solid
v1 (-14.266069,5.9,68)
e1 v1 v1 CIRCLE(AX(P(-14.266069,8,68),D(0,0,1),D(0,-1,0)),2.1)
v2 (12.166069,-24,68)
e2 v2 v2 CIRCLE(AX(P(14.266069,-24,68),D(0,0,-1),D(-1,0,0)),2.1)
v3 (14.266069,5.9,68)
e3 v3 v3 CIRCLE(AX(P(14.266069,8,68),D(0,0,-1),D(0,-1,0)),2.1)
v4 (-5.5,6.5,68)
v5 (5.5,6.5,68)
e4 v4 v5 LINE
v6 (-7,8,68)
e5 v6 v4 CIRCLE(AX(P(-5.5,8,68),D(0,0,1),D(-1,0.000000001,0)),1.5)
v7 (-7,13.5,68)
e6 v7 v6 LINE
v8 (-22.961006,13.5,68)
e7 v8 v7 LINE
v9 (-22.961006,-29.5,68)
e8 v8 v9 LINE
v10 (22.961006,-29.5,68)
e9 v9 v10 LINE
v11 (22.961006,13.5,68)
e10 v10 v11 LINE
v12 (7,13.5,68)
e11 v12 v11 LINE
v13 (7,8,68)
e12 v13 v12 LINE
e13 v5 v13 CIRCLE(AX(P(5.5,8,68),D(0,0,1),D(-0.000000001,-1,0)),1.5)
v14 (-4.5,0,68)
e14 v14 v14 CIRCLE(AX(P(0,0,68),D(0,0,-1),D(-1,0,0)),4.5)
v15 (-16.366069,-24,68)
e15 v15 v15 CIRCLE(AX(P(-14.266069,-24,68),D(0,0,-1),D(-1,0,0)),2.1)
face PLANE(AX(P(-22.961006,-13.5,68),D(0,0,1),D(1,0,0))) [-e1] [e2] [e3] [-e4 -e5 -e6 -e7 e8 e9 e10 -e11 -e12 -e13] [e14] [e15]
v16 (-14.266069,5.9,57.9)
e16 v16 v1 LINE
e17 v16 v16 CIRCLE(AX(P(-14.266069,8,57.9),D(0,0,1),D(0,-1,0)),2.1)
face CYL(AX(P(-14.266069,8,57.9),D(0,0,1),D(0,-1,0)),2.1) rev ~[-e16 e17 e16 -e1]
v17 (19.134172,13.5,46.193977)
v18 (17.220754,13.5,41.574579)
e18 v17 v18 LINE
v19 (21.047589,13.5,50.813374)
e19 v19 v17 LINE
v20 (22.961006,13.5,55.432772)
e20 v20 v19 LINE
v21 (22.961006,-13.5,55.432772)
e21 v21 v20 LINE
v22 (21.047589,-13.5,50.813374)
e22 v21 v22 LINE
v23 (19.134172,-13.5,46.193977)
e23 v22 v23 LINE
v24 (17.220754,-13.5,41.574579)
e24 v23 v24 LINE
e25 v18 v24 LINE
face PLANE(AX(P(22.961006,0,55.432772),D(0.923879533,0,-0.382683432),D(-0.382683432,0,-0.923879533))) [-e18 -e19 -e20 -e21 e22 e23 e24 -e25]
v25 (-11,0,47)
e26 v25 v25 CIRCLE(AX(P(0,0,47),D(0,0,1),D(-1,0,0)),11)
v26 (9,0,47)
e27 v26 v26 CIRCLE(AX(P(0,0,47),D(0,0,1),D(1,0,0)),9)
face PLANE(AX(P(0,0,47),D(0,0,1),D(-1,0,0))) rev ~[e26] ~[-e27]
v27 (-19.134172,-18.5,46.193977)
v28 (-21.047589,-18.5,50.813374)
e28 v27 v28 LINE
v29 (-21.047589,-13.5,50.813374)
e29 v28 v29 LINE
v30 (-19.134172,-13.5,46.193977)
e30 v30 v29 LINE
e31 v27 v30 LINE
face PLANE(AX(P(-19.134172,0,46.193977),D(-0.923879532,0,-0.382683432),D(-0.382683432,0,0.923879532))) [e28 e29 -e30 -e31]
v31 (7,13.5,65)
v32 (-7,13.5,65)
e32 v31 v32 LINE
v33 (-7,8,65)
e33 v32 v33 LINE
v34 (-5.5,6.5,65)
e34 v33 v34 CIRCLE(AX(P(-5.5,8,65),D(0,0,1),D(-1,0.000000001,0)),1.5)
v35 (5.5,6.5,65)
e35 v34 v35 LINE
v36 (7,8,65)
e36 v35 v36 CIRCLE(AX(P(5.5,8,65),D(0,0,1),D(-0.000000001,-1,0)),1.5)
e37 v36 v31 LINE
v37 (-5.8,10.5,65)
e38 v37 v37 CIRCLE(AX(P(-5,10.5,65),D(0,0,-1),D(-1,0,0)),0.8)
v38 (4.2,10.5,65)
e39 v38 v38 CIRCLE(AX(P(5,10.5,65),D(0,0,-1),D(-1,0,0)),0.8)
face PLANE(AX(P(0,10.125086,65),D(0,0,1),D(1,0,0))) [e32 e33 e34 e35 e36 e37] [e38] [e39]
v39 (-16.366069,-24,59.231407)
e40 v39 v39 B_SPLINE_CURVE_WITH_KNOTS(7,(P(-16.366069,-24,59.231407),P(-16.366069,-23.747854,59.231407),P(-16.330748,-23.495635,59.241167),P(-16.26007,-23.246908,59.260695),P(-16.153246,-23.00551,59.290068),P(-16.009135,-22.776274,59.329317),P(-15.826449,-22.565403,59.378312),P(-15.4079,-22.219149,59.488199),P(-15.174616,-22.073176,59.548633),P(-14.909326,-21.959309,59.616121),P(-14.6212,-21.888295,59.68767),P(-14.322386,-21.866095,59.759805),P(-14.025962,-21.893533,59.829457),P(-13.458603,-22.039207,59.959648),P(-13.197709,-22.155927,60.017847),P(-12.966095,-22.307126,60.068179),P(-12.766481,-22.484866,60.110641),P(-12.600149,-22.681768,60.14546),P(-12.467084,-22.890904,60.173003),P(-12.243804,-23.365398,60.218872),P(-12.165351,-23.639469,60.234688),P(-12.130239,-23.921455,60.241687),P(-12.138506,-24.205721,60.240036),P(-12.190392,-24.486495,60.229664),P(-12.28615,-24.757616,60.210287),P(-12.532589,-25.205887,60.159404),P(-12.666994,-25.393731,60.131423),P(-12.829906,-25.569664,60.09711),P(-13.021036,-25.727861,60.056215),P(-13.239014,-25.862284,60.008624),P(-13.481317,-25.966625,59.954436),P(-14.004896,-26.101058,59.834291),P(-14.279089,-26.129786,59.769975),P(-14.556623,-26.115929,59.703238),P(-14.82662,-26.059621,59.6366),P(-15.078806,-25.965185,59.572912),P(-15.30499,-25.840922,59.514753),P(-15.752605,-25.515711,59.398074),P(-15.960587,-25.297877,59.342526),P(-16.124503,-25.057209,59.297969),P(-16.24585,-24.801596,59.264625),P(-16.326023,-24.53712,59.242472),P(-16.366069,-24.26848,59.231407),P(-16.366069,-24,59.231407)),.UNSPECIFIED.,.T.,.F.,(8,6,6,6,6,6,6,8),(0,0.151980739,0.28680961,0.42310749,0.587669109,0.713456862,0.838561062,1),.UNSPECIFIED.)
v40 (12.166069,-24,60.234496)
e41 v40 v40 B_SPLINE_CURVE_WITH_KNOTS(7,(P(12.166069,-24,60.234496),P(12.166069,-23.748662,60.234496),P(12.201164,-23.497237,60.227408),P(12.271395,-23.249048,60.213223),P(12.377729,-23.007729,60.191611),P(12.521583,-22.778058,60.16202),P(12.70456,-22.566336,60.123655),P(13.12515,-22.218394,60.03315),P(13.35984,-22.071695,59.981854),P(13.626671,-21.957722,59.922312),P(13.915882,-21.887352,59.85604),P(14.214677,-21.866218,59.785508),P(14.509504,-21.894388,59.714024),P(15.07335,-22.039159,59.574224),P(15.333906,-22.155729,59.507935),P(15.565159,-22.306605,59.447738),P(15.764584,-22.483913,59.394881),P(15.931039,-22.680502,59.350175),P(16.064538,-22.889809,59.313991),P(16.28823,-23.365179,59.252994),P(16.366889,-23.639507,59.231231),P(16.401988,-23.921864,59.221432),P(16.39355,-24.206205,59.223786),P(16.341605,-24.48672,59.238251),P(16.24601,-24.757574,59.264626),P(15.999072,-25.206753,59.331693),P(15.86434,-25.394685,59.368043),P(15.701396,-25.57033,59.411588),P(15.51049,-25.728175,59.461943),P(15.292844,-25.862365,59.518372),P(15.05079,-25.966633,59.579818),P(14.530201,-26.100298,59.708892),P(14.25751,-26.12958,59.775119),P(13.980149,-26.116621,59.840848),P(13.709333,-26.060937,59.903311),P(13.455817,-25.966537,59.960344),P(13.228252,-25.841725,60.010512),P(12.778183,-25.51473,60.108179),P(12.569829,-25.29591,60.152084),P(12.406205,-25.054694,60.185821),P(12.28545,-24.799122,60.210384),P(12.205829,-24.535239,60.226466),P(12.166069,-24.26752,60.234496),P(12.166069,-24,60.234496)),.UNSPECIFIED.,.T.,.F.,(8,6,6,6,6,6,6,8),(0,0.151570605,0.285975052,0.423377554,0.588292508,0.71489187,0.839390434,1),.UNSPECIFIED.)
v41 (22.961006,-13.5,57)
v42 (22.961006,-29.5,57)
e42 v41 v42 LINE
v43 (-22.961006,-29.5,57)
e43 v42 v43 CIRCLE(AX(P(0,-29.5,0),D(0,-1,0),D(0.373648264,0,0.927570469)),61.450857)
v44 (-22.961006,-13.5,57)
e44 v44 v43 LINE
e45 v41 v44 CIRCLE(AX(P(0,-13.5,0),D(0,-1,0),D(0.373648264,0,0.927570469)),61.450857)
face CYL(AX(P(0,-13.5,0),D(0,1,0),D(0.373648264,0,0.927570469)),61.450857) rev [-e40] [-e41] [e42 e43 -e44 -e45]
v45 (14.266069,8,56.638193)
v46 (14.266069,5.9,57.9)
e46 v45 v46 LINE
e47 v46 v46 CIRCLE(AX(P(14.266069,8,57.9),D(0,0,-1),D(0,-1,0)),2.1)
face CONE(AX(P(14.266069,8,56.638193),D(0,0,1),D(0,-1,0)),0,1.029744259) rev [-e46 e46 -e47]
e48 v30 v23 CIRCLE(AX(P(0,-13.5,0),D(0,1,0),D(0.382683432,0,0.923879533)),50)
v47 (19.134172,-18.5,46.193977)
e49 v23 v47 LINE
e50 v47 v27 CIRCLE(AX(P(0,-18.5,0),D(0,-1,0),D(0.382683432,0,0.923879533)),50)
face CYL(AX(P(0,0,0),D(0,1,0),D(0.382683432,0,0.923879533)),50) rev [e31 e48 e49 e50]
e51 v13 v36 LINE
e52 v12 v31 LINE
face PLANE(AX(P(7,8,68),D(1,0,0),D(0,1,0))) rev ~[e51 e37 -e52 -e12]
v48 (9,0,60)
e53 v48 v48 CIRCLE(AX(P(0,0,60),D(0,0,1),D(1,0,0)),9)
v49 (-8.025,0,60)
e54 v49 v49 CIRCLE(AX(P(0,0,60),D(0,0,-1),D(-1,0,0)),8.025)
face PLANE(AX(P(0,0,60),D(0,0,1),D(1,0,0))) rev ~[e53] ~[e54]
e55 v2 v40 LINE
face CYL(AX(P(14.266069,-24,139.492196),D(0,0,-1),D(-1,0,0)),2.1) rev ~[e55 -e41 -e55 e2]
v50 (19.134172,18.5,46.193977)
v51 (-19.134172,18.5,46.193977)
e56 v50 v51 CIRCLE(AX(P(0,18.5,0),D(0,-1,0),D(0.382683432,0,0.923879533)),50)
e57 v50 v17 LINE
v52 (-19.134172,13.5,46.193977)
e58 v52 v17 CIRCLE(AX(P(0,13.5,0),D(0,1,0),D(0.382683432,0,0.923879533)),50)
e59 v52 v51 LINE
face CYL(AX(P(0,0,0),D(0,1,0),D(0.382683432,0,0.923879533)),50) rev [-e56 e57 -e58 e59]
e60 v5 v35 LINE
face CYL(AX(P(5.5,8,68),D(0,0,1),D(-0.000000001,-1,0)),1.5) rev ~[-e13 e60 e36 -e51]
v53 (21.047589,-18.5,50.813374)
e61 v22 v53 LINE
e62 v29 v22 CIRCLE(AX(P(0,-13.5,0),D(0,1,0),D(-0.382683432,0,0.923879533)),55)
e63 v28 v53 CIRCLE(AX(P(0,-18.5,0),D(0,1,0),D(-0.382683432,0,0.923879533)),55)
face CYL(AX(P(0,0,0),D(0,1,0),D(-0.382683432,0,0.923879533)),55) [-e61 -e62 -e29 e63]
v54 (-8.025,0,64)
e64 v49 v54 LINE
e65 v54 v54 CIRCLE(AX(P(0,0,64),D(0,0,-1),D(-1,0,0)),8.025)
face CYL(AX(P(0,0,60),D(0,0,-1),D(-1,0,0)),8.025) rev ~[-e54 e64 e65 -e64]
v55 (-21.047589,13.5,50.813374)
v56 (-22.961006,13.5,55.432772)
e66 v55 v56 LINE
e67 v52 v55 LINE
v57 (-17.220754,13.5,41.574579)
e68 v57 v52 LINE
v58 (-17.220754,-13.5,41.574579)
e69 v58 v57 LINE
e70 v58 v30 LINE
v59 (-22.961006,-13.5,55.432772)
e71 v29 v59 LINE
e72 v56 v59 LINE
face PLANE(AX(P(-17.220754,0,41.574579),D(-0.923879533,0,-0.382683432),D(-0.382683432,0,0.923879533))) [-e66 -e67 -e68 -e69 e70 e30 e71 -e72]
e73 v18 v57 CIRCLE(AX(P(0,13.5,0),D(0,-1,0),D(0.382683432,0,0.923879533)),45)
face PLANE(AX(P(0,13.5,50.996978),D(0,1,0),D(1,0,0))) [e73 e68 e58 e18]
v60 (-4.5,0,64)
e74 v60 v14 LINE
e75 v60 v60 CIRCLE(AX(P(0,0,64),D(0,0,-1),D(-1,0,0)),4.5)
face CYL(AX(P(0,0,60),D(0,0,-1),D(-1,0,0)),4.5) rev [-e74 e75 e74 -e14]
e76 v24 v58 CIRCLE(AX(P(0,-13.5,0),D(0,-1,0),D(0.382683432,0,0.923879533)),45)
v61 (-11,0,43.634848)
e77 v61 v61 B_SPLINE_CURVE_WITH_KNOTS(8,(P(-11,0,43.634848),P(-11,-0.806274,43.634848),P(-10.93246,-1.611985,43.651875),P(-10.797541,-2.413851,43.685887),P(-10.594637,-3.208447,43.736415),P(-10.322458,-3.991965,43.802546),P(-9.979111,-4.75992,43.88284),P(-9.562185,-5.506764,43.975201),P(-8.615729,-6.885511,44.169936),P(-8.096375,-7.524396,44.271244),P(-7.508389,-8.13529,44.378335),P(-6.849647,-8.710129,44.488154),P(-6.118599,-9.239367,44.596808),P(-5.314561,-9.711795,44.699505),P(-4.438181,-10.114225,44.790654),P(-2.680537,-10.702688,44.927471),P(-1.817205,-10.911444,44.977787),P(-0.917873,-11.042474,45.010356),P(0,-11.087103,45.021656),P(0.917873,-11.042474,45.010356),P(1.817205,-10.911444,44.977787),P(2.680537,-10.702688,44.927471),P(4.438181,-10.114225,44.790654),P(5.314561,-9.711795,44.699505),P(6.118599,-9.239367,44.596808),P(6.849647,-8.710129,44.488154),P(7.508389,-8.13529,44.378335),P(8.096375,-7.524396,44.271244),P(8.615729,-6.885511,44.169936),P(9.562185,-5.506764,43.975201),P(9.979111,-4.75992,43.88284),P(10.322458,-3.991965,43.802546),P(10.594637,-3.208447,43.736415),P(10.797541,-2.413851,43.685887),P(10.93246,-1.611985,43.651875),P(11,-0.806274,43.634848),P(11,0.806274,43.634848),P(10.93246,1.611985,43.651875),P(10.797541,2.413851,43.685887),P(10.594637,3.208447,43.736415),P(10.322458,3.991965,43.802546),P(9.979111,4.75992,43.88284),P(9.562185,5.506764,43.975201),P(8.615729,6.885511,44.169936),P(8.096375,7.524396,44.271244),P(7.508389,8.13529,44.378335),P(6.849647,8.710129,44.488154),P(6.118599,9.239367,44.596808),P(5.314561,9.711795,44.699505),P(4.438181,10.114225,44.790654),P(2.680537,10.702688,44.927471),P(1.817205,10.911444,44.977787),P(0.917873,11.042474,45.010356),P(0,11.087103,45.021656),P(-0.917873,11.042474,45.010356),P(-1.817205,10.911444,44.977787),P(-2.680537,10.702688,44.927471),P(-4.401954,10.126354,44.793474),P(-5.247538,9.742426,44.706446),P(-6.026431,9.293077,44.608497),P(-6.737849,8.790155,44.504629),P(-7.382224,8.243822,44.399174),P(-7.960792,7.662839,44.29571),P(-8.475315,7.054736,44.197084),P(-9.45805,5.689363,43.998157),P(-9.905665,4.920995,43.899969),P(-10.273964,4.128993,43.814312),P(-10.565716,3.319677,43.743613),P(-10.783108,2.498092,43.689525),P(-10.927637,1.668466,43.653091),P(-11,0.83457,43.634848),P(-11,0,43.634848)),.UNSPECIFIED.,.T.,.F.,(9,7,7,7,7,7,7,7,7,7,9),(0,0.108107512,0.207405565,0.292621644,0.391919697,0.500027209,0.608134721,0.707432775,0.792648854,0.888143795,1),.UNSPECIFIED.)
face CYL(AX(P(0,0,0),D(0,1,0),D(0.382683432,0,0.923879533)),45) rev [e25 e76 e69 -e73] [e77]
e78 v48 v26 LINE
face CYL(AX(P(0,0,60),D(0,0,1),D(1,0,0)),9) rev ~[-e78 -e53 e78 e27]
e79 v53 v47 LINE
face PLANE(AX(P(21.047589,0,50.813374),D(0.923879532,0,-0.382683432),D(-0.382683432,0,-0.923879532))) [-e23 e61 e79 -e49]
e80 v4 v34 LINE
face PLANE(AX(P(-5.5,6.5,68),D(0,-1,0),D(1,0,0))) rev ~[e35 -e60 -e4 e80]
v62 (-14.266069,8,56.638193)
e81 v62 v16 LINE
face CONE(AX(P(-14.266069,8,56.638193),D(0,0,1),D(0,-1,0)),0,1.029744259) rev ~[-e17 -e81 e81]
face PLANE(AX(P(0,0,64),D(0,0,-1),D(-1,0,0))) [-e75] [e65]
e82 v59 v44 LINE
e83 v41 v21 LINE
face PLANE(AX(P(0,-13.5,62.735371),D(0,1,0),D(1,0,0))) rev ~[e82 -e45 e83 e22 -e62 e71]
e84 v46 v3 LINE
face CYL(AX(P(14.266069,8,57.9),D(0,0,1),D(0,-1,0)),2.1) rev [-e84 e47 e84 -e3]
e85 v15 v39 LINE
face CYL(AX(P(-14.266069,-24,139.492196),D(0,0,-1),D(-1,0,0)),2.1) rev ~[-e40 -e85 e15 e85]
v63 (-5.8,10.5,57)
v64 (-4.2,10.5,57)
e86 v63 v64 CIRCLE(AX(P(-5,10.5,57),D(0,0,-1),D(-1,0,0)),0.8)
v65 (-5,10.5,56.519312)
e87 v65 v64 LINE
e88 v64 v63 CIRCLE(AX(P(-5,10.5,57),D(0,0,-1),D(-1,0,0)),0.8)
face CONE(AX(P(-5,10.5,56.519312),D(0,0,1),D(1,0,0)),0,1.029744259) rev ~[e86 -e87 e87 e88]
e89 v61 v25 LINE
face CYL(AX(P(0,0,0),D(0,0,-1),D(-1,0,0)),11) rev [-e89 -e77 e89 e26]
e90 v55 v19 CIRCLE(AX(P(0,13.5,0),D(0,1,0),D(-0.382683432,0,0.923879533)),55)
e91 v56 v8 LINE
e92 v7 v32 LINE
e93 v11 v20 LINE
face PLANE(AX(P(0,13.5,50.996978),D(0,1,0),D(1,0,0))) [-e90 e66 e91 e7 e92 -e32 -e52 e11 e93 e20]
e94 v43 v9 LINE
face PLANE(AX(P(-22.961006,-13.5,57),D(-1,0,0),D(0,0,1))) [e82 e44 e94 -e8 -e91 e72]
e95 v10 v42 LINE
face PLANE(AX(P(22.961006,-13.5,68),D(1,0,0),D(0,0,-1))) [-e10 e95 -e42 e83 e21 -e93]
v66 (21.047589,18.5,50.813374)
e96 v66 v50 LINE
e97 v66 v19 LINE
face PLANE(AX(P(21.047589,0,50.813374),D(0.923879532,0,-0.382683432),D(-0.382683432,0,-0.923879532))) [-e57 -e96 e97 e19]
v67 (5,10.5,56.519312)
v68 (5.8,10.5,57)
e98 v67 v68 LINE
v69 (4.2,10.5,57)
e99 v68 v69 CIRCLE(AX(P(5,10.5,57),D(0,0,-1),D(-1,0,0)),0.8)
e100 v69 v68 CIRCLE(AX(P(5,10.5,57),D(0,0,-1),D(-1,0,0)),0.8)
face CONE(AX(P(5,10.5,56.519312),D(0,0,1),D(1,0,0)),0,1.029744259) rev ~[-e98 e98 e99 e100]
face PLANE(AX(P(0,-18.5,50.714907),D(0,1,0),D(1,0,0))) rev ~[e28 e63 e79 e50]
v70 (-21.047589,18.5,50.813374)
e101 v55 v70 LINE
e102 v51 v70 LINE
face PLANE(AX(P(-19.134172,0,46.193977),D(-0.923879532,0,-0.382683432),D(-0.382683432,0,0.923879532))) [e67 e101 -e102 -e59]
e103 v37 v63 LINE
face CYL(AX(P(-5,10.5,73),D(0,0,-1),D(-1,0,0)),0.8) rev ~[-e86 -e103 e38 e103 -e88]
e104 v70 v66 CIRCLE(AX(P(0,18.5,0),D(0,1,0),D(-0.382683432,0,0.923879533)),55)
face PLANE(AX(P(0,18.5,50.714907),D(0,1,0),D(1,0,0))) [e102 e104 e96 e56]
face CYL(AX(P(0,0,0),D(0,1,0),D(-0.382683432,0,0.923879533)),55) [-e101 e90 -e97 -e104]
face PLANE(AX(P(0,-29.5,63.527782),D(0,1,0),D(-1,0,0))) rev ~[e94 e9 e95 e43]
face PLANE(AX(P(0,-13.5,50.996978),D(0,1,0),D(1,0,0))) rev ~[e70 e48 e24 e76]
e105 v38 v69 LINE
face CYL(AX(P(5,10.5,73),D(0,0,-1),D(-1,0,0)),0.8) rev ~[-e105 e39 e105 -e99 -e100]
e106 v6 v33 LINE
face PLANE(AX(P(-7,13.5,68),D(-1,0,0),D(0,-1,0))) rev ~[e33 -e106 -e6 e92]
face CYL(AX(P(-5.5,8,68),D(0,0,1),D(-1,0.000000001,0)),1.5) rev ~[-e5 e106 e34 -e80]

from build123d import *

# Parameters (mm, degrees)
BOSS_EXTRUDE1_DEPTH      = 13.5
BOSS_EXTRUDE2_DEPTH      = 18.5
BOSS_EXTRUDE3_DEPTH      = 5
SKETCH4_W                = 45.922011884
SKETCH4_H                = 20
BOSS_EXTRUDE4_DEPTH      = 13.5
SKETCH2_R                = 4
CUT_EXTRUDE1_DEPTH       = 268.629329099
SKETCH5_R                = 8
CUT_EXTRUDE2_DEPTH       = 4
SKETCH6_R                = 9
CUT_EXTRUDE3_DEPTH       = 12
SKETCH7_R                = 12.5
CUT_EXTRUDE4_DEPTH       = 5
BOSS_EXTRUDE5_DEPTH      = 13.5
CUT_EXTRUDE5_REACH       = 210.1
CUT_EXTRUDE5_END_RADIUS  = 45
SKETCH8_R                = 9
CUT_EXTRUDE6_REACH       = 210.1
SKETCH10_R               = 4.5
SKETCH18_R               = 11
CUT_EXTRUDE9_DEPTH       = 47
CUT_EXTRUDE10_DEPTH      = 268.629329099
CUT_EXTRUDE10_DEPTH_BACK = 268.629329099
SKETCH19_W               = 45.922011884
SKETCH19_H               = 198
SKETCH30_R               = 8.025
CUT_EXTRUDE13_DEPTH      = 4
BOSS_EXTRUDE9_DEPTH      = 16
M5_TAPPED_HOLE2_D        = 4.2
CUT_EXTRUDE17_DEPTH      = 3
M2_TAPPED_HOLE1_D        = 1.6
M2_TAPPED_HOLE1_DEPTH    = 8
M2_TAPPED_HOLE1_TIP      = 0.480688495


with BuildPart() as part:
    # Sketch1 → Boss-Extrude1 (new, symmetric)
    with BuildSketch(Plane(origin=(0, 0, 0), x_dir=(1, 0, 0), z_dir=(0, 1, 0))):
        with BuildLine():
            ThreePointArc((17.220754456, -41.574578963), (0, -45), (-17.220754456, -41.574578963))
            Line((-17.220754456, -41.574578963), (-22.961005942, -55.432771951))
            ThreePointArc((-22.961005942, -55.432771951), (0, -60), (22.961005942, -55.432771951))
            Line((22.961005942, -55.432771951), (17.220754456, -41.574578963))
        make_face()
    extrude(amount=BOSS_EXTRUDE1_DEPTH, both=True)

    # Sketch1_3 → Boss-Extrude2 (add, symmetric)
    with BuildSketch(Plane(origin=(0, 0, 0), x_dir=(1, 0, 0), z_dir=(0, 1, 0))):
        with BuildLine():
            ThreePointArc((19.134171618, -46.193976626), (0, -50), (-19.134171618, -46.193976626))
            Line((-19.134171618, -46.193976626), (-21.04758878, -50.813374288))
            ThreePointArc((-21.04758878, -50.813374288), (0, -55), (21.04758878, -50.813374288))
            Line((21.04758878, -50.813374288), (19.134171618, -46.193976626))
        make_face()
    extrude(amount=BOSS_EXTRUDE2_DEPTH, both=True)

    # Sketch3 → Boss-Extrude3 (add, symmetric)
    with BuildSketch(Plane.XZ):
        with BuildLine():
            Line((-22.961005942, 266), (-22.961005942, 55.432771951))
            ThreePointArc((-22.961005942, 55.432771951), (-20.481139434, 56.39612511), (-17.961005942, 57.248600555))
            Line((-17.961005942, 57.248600555), (-17.961005942, 246))
            Line((-17.961005942, 246), (17.961005942, 246))
            Line((17.961005942, 246), (17.961005942, 57.248600555))
            ThreePointArc((17.961005942, 57.248600555), (20.481139434, 56.39612511), (22.961005942, 55.432771951))
            Line((22.961005942, 55.432771951), (22.961005942, 266))
            Line((22.961005942, 266), (-22.961005942, 266))
        make_face()
    extrude(amount=BOSS_EXTRUDE3_DEPTH, both=True)

    # Sketch4 → Boss-Extrude4 (add, symmetric)
    with BuildSketch(Plane(origin=(0, 0, 0), x_dir=(1, 0, 0), z_dir=(0, 1, 0))):
        with Locations((0, -256)):
            Rectangle(SKETCH4_W, SKETCH4_H)
    extrude(amount=BOSS_EXTRUDE4_DEPTH, both=True)

    # Sketch2 → Cut-Extrude1 (cut, through all)
    with BuildSketch(Plane.XY):
        with Locations(Location((0, 0, 0), (0, 0, 180))):
            Circle(SKETCH2_R)
    extrude(amount=CUT_EXTRUDE1_DEPTH, mode=Mode.SUBTRACT)

    # Sketch5 → Cut-Extrude2 (cut)
    with BuildSketch(Plane(origin=(0, 0, 246), x_dir=(-1, 0, 0), z_dir=(0, 0, -1))):
        Circle(SKETCH5_R)
    extrude(amount=-CUT_EXTRUDE2_DEPTH, mode=Mode.SUBTRACT)

    # Sketch6 → Cut-Extrude3 (cut)
    with BuildSketch(Plane.XY.offset(266)):
        Circle(SKETCH6_R)
    extrude(amount=-CUT_EXTRUDE3_DEPTH, mode=Mode.SUBTRACT)

    # Sketch7 → Cut-Extrude4 (cut)
    with BuildSketch(Plane.XY.offset(266)):
        Circle(SKETCH7_R)
    extrude(amount=-CUT_EXTRUDE4_DEPTH, mode=Mode.SUBTRACT)

    # Sketch9 → Boss-Extrude5 (add, symmetric)
    with BuildSketch(Plane(origin=(0, 0, 0), x_dir=(1, 0, 0), z_dir=(0, 1, 0))):
        with BuildLine():
            Line((-22.961005942, -55.432771951), (-22.961005942, -68))
            Line((-22.961005942, -68), (22.961005942, -68))
            Line((22.961005942, -68), (22.961005942, -55.432771951))
            ThreePointArc((22.961005942, -55.432771951), (0, -60), (-22.961005942, -55.432771951))
        make_face()
    extrude(amount=BOSS_EXTRUDE5_DEPTH, both=True)

    # Cut-Extrude5: up to this cylinder (the profile starts outside it)
    cut_extrude5_end = Plane(origin=(0, 0, 0), z_dir=(0, -1, 0)) * Cylinder(CUT_EXTRUDE5_END_RADIUS, 511.2, mode=Mode.PRIVATE)
    # Sketch8 → Cut-Extrude5 (cut, up to the surface)
    with BuildSketch(Plane.XY.offset(60), mode=Mode.PRIVATE) as cut_extrude5_sk1:
        Circle(SKETCH8_R)
    cut_extrude5_tool1 = extrude(cut_extrude5_sk1.sketch, amount=-CUT_EXTRUDE5_REACH, mode=Mode.PRIVATE) - cut_extrude5_end
    add(cut_extrude5_tool1.solids().sort_by_distance((0, 0, 60))[0], mode=Mode.SUBTRACT)

    # Sketch10 → Cut-Extrude6 (cut, up to next)
    with BuildSketch(Plane.XY.offset(60), mode=Mode.PRIVATE) as cut_extrude6_sk1:
        with Locations(Location((0, 0, 0), (0, 0, 180))):
            Circle(SKETCH10_R)
    cut_extrude6_tool1 = extrude(cut_extrude6_sk1.sketch, amount=CUT_EXTRUDE6_REACH, mode=Mode.PRIVATE) & part.part
    add(cut_extrude6_tool1.solids().sort_by_distance((0, 0, 60))[0], mode=Mode.SUBTRACT)

    # Sketch18 → Cut-Extrude9 (cut)
    with BuildSketch(Plane.XY):
        with Locations(Location((0, 0, 0), (0, 0, 180))):
            Circle(SKETCH18_R)
    extrude(amount=CUT_EXTRUDE9_DEPTH, mode=Mode.SUBTRACT)

    # Sketch19 → Cut-Extrude10 (cut, two sides: drawn at the far end of the back side and taken through both)
    with BuildSketch(Plane(origin=(0, 0, 0), x_dir=(1, 0, 0), z_dir=(0, 1, 0)).offset(-CUT_EXTRUDE10_DEPTH_BACK)):
        with Locations((0, -167)):
            Rectangle(SKETCH19_W, SKETCH19_H)
    extrude(amount=CUT_EXTRUDE10_DEPTH + CUT_EXTRUDE10_DEPTH_BACK, mode=Mode.SUBTRACT)

    # Sketch23 → M5 Tapped Hole1 (revolve, cut)
    with BuildSketch(Plane(origin=(14.26606865, 8, 68), x_dir=(0, -1, 0), z_dir=(1, 0, 0))):
        Polygon((0, 0), (0, 11.3618073), (2.1, 10.1), (2.1, 0), align=None)
    m5_tapped_hole1 = revolve(axis=Axis((14.26606865, 8, 74.35), (0, 0, -1)), mode=Mode.SUBTRACT)

    # Mirror1: M5 Tapped Hole1 across plane
    add(m5_tapped_hole1.mirror(Plane(origin=(0, 0, 0), x_dir=(0, 0, 1), z_dir=(1, 0, 0))), mode=Mode.SUBTRACT)

    # Sketch30 → Cut-Extrude13 (cut)
    with BuildSketch(Plane(origin=(0, 0, 60), x_dir=(-1, 0, 0), z_dir=(0, 0, -1))):
        Circle(SKETCH30_R)
    extrude(amount=-CUT_EXTRUDE13_DEPTH, mode=Mode.SUBTRACT)

    # Sketch37 → Boss-Extrude9 (add)
    with BuildSketch(Plane.XZ.offset(13.5)):
        with BuildLine():
            Line((-22.961005942, 68), (22.961005942, 68))
            Line((22.961005942, 68), (22.961005942, 57))
            ThreePointArc((22.961005942, 57), (0, 61.450856738), (-22.961005942, 57))
            Line((-22.961005942, 57), (-22.961005942, 68))
        make_face()
    extrude(amount=BOSS_EXTRUDE9_DEPTH)

    # M5 Tapped Hole2 (through all)
    with Locations(Plane.XY.offset(68)):
        with Locations((-14.26606865, -24), (14.26606865, -24)):
            Hole(M5_TAPPED_HOLE2_D / 2)

    # Sketch40 → Cut-Extrude17 (cut)
    with BuildSketch(Plane.XY.offset(68)):
        with BuildLine():
            Line((-7, 13.5), (-7, 8))
            ThreePointArc((-7, 8), (-6.560660172, 6.939339828), (-5.5, 6.5))
            Line((-5.5, 6.5), (5.5, 6.5))
            ThreePointArc((5.5, 6.5), (6.560660172, 6.939339828), (7, 8))
            Line((7, 8), (7, 13.5))
            Line((7, 13.5), (-7, 13.5))
        make_face()
    extrude(amount=-CUT_EXTRUDE17_DEPTH, mode=Mode.SUBTRACT)

    # M2 Tapped Hole1
    with Locations(Plane.XY.offset(65)):
        with Locations((5, 10.5), (-5, 10.5)):
            Hole(M2_TAPPED_HOLE1_D / 2, depth=M2_TAPPED_HOLE1_DEPTH)
            with Locations((0, 0, -(M2_TAPPED_HOLE1_DEPTH + M2_TAPPED_HOLE1_TIP / 2))):  # 118° drill point
                Cone(0, M2_TAPPED_HOLE1_D / 2, M2_TAPPED_HOLE1_TIP, mode=Mode.SUBTRACT)


solid = part.part
